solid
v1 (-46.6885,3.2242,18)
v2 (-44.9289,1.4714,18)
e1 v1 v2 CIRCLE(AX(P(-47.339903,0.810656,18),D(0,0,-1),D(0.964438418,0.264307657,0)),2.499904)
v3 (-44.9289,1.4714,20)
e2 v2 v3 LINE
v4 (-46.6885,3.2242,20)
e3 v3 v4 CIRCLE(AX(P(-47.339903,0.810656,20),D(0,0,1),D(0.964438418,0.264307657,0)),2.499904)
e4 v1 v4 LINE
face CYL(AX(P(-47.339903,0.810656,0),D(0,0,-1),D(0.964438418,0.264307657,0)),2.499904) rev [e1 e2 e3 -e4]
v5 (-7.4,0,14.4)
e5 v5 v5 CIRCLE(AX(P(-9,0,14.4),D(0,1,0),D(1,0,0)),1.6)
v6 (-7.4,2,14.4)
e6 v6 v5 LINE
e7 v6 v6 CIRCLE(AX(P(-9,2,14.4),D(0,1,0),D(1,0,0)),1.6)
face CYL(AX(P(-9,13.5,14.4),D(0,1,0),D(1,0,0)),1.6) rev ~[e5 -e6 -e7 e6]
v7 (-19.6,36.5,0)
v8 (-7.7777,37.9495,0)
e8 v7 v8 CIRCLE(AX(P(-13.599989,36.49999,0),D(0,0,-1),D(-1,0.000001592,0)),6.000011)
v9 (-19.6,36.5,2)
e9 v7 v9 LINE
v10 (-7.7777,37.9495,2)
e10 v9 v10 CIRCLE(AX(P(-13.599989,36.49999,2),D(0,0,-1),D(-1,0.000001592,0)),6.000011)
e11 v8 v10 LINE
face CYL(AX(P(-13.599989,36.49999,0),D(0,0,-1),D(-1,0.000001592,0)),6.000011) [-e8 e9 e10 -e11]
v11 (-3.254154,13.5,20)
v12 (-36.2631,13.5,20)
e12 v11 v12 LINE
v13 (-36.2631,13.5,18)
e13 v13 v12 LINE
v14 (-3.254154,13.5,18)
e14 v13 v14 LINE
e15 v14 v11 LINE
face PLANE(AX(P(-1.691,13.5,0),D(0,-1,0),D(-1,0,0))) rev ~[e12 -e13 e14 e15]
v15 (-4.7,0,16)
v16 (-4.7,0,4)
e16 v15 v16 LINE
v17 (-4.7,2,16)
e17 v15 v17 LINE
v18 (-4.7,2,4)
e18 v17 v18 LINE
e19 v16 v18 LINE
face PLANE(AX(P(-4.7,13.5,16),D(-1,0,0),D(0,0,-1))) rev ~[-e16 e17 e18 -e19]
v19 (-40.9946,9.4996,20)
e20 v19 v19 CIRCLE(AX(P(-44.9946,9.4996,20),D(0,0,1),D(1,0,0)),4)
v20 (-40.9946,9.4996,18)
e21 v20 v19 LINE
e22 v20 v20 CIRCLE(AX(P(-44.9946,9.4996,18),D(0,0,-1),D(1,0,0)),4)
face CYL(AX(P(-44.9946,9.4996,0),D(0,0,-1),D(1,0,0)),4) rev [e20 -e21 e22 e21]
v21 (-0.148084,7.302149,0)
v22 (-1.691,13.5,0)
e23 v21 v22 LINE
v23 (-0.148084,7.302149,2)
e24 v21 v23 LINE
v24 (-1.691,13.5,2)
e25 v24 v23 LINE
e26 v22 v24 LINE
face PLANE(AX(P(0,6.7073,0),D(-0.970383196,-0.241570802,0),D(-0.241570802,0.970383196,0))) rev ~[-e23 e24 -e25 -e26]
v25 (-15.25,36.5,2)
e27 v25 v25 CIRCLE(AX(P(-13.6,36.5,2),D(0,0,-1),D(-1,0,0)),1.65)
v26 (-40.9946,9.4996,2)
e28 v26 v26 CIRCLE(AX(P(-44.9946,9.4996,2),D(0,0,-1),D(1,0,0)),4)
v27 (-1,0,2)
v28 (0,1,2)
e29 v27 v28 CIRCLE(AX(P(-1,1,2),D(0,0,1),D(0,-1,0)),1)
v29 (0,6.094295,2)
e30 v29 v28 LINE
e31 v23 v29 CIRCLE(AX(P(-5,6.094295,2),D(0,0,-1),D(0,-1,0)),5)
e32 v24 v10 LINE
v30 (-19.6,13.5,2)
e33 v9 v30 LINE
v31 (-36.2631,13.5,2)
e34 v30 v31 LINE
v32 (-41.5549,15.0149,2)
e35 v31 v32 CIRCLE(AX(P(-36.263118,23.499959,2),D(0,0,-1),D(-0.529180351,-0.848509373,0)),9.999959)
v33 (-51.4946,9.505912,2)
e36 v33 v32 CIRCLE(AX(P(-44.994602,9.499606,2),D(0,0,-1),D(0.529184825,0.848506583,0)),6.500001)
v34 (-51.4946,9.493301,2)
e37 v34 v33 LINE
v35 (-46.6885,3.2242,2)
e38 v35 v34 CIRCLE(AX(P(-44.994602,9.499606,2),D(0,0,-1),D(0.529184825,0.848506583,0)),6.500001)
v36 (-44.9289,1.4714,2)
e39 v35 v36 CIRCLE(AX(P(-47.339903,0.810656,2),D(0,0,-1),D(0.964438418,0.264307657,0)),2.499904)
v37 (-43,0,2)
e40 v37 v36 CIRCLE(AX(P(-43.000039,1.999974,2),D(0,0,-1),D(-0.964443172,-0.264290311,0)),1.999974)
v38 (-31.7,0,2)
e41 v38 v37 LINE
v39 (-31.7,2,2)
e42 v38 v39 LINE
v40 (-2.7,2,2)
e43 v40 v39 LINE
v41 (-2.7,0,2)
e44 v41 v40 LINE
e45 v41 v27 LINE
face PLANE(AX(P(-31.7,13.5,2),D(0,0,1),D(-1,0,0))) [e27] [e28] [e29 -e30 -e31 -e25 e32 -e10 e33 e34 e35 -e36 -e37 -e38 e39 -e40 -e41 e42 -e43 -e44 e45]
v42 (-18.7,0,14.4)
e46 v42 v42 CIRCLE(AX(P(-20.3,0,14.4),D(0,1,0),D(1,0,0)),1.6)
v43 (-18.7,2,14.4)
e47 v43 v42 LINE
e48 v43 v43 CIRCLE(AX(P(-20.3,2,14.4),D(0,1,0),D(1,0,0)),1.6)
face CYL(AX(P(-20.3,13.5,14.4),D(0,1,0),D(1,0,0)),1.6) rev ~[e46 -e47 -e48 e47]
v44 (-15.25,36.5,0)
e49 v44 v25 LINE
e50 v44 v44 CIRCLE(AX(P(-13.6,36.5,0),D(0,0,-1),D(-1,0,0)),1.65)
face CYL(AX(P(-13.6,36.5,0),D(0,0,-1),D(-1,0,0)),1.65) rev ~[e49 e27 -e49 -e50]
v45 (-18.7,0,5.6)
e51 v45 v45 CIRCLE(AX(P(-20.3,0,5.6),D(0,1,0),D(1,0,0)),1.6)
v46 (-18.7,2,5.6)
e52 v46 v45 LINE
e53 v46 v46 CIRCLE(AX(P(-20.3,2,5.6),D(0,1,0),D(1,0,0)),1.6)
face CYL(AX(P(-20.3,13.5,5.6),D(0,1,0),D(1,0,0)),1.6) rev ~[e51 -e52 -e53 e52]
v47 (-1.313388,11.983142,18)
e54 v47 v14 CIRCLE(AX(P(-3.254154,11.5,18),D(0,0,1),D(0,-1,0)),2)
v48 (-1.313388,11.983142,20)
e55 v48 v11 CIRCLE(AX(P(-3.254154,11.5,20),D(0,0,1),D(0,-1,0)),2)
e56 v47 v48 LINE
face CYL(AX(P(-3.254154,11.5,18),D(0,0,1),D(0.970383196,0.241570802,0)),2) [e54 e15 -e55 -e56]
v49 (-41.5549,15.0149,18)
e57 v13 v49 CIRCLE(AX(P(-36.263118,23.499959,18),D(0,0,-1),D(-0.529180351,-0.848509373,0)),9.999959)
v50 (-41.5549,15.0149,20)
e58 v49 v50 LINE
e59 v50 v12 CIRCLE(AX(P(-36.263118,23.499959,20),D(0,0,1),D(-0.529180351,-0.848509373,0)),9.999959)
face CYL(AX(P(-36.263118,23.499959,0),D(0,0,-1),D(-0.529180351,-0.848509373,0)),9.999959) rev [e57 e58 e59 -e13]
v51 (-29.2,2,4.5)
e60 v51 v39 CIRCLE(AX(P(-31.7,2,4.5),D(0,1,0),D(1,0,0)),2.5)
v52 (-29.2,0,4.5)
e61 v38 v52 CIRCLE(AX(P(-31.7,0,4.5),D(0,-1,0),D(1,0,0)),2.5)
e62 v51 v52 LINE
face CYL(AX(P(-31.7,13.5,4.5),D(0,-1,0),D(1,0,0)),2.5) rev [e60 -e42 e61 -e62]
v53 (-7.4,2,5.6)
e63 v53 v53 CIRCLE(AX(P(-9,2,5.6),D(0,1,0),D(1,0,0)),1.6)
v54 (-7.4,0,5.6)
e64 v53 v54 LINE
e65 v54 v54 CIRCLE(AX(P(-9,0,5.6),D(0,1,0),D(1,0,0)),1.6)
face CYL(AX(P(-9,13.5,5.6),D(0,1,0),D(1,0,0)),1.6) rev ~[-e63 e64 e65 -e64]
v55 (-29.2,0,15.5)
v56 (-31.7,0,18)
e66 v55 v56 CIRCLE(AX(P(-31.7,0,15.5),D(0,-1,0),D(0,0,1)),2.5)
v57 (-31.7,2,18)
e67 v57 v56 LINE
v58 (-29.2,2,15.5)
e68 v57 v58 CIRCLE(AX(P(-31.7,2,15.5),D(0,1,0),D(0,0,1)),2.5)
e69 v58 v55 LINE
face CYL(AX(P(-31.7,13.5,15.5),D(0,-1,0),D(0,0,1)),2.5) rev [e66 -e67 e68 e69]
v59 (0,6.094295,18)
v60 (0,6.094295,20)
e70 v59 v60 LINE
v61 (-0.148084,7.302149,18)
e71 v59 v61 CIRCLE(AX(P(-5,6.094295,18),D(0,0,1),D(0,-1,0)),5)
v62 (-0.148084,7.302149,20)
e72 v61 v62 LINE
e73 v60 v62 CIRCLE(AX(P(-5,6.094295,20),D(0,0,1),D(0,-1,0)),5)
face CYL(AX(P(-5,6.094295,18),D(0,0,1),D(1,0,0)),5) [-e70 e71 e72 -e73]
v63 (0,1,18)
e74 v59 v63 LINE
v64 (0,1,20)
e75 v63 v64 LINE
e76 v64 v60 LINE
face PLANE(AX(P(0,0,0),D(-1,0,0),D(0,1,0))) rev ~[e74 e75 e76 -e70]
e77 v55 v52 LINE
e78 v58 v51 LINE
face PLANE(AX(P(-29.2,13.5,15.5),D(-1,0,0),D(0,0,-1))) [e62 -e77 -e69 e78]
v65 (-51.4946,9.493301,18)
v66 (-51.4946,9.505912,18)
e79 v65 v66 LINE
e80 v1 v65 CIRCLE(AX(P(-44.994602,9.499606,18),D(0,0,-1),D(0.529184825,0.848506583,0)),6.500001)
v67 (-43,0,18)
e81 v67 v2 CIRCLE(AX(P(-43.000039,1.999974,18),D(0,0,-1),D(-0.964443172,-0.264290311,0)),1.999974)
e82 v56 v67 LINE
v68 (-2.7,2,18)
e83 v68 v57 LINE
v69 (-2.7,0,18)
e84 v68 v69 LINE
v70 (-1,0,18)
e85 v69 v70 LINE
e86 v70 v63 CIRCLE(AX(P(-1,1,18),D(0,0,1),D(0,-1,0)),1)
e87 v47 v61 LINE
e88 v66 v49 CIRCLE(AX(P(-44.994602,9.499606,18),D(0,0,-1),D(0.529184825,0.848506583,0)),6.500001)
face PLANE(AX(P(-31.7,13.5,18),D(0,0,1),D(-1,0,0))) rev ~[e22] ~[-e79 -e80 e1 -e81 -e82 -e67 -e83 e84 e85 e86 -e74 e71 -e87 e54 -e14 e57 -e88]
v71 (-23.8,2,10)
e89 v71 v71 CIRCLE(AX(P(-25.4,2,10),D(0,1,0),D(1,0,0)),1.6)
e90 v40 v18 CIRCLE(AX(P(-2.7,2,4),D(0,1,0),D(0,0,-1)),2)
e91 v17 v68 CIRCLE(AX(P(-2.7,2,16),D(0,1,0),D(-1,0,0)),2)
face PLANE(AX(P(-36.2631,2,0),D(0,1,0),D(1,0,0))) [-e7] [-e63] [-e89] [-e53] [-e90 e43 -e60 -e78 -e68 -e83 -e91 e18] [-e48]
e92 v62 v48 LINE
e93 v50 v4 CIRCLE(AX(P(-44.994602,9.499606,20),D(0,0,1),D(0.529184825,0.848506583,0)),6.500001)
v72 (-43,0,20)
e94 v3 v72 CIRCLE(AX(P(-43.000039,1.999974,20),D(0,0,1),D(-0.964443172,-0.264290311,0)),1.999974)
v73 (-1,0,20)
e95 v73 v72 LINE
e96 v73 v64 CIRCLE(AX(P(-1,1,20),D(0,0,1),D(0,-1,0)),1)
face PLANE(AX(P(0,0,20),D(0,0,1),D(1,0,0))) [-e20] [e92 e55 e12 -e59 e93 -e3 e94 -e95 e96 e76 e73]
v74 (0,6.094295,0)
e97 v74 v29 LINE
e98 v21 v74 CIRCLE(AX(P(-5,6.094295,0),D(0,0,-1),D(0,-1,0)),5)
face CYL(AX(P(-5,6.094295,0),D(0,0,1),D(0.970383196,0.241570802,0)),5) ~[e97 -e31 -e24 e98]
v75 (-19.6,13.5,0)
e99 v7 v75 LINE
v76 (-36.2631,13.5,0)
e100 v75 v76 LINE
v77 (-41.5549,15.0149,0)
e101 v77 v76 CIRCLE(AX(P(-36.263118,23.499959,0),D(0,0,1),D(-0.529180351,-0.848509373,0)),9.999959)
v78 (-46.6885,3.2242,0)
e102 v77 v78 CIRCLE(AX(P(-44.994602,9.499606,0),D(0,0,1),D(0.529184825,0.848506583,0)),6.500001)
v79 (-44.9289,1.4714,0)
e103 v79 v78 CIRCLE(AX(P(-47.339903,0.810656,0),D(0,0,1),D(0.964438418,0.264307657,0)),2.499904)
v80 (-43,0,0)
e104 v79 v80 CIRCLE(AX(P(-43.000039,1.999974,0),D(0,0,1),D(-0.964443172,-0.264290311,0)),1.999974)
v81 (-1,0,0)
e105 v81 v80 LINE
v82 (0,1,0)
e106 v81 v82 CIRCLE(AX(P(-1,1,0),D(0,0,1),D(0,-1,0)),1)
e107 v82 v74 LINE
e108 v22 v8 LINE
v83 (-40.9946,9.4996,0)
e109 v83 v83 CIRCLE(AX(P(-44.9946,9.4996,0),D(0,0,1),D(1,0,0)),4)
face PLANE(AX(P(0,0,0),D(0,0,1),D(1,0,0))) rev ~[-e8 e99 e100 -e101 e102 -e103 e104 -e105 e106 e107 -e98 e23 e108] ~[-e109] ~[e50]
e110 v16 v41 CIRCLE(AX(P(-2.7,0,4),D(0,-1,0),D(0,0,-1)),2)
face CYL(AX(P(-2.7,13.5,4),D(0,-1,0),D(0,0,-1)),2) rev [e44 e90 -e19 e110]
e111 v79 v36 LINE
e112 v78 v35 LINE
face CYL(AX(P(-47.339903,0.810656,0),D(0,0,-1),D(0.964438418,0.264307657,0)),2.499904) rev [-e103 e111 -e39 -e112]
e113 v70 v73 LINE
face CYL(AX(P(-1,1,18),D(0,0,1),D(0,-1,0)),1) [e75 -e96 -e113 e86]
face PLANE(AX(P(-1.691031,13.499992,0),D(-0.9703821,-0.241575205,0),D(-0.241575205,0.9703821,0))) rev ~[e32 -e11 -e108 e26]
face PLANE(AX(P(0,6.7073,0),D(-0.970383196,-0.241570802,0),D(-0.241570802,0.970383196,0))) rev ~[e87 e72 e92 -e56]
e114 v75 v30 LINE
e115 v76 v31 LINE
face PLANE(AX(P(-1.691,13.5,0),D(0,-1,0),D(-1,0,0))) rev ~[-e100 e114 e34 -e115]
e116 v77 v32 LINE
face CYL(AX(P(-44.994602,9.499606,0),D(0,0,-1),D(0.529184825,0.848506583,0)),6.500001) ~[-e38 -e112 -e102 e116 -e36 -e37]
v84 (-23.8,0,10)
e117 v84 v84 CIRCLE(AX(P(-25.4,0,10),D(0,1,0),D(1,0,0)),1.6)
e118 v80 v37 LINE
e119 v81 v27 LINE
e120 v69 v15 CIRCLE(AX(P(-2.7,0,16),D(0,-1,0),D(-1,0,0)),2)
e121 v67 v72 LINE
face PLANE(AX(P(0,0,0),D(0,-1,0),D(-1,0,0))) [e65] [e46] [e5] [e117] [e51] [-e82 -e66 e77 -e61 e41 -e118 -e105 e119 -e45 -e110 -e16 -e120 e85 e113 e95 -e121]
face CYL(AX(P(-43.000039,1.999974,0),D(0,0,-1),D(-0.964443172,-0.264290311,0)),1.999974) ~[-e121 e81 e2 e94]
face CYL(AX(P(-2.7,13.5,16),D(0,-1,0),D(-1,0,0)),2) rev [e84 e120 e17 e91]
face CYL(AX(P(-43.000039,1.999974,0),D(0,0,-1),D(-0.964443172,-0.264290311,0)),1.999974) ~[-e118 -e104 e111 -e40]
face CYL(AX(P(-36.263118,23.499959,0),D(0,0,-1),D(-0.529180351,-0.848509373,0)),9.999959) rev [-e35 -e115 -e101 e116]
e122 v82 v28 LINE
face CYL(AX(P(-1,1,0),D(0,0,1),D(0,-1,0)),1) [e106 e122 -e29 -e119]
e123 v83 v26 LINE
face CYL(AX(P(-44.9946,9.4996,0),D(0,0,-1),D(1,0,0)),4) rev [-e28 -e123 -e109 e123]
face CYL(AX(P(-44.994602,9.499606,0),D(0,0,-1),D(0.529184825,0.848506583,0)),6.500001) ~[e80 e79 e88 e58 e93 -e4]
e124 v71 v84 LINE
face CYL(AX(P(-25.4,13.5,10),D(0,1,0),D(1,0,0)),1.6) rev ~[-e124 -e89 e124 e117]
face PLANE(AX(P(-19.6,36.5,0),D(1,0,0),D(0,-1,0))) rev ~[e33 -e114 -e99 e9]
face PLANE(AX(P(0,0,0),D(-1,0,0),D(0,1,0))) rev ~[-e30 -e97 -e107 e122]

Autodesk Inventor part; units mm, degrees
ref_plane "YZ Plane" through (0, 0, 0) normal (1, 0, 0) x (0, 1, 0)
ref_plane "XZ Plane" through (0, 0, 0) normal (0, 1, 0) x (-1, 0, 0)
ref_plane "XY Plane" through (0, 0, 0) normal (0, 0, 1) x (1, 0, 0)
sketch "草圖1" plane through (0, 0, 0) normal (0, 0, 1) x (1, 0, 0)
  line L0 (0, 0) -> (-43, 0)
  line L1 (0, 0) -> (0, 6.7073)
  line L2 (0, 6.7073) -> (-1.691, 13.5)
  line L3 (-1.691, 13.5) -> (-36.2631, 13.5)
  arc A0 (-41.5549, 15.0149) -> (-36.2631, 13.5) centre (-36.2631, 23.5) ccw
  arc A1 (-41.5549, 15.0149) -> (-46.6885, 3.2242) centre (-44.9946, 9.4996) ccw
  arc A2 (-44.9289, 1.4714) -> (-46.6885, 3.2242) centre (-47.34, 0.8106) ccw
  arc A3 (-44.9289, 1.4714) -> (-43, 0) centre (-43, 2) ccw
  circle A4 centre (-44.9946, 9.4996) radius 4
  dimension "d0" = 43
  dimension "d1" = 13.5
  dimension "d2" = 10
  dimension "d3" = 2
  dimension "d6" = 2.5
  dimension "d7" = 6.5
  dimension "d8" = 4.899
  dimension "d9" = 2.426
  dimension "d10" = 7
  dimension "d11" = 6.7073
  dimension "d12" = 8
extrude "擠出1" add sketch "草圖1" along normal blind 20
sketch "草圖2" plane through (-36.2631, 13.5, 0) normal (0, 1, 0) x (1, 0, 0)
  line L0 (36.2631, 0) -> (36.2631, -20) construction
  line L1 (34.572, -20) -> (0, -20) projected
  line L2 (34.572, 0) -> (34.572, -20) projected
  arc A0 (31.5631, -16) -> (33.5631, -18) centre (33.5631, -16) ccw
  line L3 (31.5631, -16) -> (31.5631, -4)
  arc A1 (33.5631, -2) -> (31.5631, -4) centre (33.5631, -4) ccw
  line L4 (33.5631, -18) -> (4.5631, -18)
  line L5 (33.5631, -2) -> (4.5631, -2)
  arc A2 (4.5631, -18) -> (7.0631, -15.5) centre (4.5631, -15.5) ccw
  line L6 (7.0631, -15.5) -> (7.0631, -4.5)
  arc A3 (7.0631, -4.5) -> (4.5631, -2) centre (4.5631, -4.5) ccw
  circle A4 centre (27.2631, -14.4) radius 1.6
  line L7 (27.2631, -14.4) -> (27.2631, -5.6) construction
  circle A5 centre (27.2631, -5.6) radius 1.6
  line L8 (27.2631, -14.4) -> (15.9631, -14.4) construction
  line L9 (15.9631, -14.4) -> (15.9631, -5.6) construction
  circle A6 centre (15.9631, -14.4) radius 1.6
  circle A7 centre (15.9631, -5.6) radius 1.6
  circle A8 centre (10.8631, -10) radius 1.6
  line L10 (33.5631, -18) -> (36.2631, -18)
  line L11 (36.2631, 0) -> (36.2631, -20) projected
  line L12 (33.5631, -2) -> (36.2631, -2)
  line L13 (36.2631, -18) -> (36.2631, -2)
  line L14 (-15.2315, 0) -> (-15.2315, -20) projected
  line L15 (4.5631, -18) -> (-15.2315, -18)
  line L16 (4.5631, -2) -> (-15.2315, -2)
  line L17 (-15.2315, -18) -> (-15.2315, -2)
  dimension "d22" = 2
  dimension "d24" = 2
  dimension "d25" = 2
  dimension "d26" = 4.7
  dimension "d27" = 16
  dimension "d28" = 29
  dimension "d29" = 2.5
  dimension "d30" = 2.5
  dimension "d31" = 3.2
  dimension "d32" = 4.3
  dimension "d33" = 3.6
  dimension "d34" = 8.8
  dimension "d35" = 11.3
  dimension "d36" = 8.8
  dimension "d38" = 23.709
  dimension "d39" = 10
extrude "擠出2" cut sketch "草圖2" against normal blind 11.5 contours A1 L3 A0 L4 A2 L6 A3 L5 | A4 | A5 | A6 | A7 | A8
extrude "擠出3" cut sketch "草圖2" against normal through all contours A4 | A5 | A6 | A7 | A8
extrude "擠出4" cut sketch "草圖2" along normal through all both and the other way through all contours L12 L11 L10 L2 | L2 L10 A0 L3 A1 L12 | A3 L6 A2 L15 L14 L16
sketch "草圖3" plane through (0, 0, 0) normal (0, 0, -1) x (-1, 0, 0)
  line L0 (0, 6.7073) -> (0, 0) projected
  line L1 (0, 6.7073) -> (7.7777, 37.9495)
  line L2 (0, 6.7073) -> (1.691, 13.5) projected
  arc A0 (19.6, 36.5) -> (7.7777, 37.9495) centre (13.6, 36.5) ccw
  line L3 (19.6, 36.5) -> (19.6, 13.5)
  line L4 (19.6, 13.5) -> (0, 6.7073)
  line L5 (43, 0) -> (0, 0) projected
  circle A1 centre (13.6, 36.5) radius 1.65
  dimension "d46" = 36.5
  dimension "d47" = 6
  dimension "d48" = 23
  dimension "d49" = 3.3
extrude "擠出5" add sketch "草圖3" against normal blind 2
fillet "圓角1" radius 1 2 edges at (0, 0, 19) (0, 0, 1)
fillet "圓角1" radius 5 2 edges at (0, 6.7073, 19) (0, 6.7073, 1)
fillet "圓角1" radius 2 1 edges at (-1.691, 13.5, 19)
properties part number "front joint"
